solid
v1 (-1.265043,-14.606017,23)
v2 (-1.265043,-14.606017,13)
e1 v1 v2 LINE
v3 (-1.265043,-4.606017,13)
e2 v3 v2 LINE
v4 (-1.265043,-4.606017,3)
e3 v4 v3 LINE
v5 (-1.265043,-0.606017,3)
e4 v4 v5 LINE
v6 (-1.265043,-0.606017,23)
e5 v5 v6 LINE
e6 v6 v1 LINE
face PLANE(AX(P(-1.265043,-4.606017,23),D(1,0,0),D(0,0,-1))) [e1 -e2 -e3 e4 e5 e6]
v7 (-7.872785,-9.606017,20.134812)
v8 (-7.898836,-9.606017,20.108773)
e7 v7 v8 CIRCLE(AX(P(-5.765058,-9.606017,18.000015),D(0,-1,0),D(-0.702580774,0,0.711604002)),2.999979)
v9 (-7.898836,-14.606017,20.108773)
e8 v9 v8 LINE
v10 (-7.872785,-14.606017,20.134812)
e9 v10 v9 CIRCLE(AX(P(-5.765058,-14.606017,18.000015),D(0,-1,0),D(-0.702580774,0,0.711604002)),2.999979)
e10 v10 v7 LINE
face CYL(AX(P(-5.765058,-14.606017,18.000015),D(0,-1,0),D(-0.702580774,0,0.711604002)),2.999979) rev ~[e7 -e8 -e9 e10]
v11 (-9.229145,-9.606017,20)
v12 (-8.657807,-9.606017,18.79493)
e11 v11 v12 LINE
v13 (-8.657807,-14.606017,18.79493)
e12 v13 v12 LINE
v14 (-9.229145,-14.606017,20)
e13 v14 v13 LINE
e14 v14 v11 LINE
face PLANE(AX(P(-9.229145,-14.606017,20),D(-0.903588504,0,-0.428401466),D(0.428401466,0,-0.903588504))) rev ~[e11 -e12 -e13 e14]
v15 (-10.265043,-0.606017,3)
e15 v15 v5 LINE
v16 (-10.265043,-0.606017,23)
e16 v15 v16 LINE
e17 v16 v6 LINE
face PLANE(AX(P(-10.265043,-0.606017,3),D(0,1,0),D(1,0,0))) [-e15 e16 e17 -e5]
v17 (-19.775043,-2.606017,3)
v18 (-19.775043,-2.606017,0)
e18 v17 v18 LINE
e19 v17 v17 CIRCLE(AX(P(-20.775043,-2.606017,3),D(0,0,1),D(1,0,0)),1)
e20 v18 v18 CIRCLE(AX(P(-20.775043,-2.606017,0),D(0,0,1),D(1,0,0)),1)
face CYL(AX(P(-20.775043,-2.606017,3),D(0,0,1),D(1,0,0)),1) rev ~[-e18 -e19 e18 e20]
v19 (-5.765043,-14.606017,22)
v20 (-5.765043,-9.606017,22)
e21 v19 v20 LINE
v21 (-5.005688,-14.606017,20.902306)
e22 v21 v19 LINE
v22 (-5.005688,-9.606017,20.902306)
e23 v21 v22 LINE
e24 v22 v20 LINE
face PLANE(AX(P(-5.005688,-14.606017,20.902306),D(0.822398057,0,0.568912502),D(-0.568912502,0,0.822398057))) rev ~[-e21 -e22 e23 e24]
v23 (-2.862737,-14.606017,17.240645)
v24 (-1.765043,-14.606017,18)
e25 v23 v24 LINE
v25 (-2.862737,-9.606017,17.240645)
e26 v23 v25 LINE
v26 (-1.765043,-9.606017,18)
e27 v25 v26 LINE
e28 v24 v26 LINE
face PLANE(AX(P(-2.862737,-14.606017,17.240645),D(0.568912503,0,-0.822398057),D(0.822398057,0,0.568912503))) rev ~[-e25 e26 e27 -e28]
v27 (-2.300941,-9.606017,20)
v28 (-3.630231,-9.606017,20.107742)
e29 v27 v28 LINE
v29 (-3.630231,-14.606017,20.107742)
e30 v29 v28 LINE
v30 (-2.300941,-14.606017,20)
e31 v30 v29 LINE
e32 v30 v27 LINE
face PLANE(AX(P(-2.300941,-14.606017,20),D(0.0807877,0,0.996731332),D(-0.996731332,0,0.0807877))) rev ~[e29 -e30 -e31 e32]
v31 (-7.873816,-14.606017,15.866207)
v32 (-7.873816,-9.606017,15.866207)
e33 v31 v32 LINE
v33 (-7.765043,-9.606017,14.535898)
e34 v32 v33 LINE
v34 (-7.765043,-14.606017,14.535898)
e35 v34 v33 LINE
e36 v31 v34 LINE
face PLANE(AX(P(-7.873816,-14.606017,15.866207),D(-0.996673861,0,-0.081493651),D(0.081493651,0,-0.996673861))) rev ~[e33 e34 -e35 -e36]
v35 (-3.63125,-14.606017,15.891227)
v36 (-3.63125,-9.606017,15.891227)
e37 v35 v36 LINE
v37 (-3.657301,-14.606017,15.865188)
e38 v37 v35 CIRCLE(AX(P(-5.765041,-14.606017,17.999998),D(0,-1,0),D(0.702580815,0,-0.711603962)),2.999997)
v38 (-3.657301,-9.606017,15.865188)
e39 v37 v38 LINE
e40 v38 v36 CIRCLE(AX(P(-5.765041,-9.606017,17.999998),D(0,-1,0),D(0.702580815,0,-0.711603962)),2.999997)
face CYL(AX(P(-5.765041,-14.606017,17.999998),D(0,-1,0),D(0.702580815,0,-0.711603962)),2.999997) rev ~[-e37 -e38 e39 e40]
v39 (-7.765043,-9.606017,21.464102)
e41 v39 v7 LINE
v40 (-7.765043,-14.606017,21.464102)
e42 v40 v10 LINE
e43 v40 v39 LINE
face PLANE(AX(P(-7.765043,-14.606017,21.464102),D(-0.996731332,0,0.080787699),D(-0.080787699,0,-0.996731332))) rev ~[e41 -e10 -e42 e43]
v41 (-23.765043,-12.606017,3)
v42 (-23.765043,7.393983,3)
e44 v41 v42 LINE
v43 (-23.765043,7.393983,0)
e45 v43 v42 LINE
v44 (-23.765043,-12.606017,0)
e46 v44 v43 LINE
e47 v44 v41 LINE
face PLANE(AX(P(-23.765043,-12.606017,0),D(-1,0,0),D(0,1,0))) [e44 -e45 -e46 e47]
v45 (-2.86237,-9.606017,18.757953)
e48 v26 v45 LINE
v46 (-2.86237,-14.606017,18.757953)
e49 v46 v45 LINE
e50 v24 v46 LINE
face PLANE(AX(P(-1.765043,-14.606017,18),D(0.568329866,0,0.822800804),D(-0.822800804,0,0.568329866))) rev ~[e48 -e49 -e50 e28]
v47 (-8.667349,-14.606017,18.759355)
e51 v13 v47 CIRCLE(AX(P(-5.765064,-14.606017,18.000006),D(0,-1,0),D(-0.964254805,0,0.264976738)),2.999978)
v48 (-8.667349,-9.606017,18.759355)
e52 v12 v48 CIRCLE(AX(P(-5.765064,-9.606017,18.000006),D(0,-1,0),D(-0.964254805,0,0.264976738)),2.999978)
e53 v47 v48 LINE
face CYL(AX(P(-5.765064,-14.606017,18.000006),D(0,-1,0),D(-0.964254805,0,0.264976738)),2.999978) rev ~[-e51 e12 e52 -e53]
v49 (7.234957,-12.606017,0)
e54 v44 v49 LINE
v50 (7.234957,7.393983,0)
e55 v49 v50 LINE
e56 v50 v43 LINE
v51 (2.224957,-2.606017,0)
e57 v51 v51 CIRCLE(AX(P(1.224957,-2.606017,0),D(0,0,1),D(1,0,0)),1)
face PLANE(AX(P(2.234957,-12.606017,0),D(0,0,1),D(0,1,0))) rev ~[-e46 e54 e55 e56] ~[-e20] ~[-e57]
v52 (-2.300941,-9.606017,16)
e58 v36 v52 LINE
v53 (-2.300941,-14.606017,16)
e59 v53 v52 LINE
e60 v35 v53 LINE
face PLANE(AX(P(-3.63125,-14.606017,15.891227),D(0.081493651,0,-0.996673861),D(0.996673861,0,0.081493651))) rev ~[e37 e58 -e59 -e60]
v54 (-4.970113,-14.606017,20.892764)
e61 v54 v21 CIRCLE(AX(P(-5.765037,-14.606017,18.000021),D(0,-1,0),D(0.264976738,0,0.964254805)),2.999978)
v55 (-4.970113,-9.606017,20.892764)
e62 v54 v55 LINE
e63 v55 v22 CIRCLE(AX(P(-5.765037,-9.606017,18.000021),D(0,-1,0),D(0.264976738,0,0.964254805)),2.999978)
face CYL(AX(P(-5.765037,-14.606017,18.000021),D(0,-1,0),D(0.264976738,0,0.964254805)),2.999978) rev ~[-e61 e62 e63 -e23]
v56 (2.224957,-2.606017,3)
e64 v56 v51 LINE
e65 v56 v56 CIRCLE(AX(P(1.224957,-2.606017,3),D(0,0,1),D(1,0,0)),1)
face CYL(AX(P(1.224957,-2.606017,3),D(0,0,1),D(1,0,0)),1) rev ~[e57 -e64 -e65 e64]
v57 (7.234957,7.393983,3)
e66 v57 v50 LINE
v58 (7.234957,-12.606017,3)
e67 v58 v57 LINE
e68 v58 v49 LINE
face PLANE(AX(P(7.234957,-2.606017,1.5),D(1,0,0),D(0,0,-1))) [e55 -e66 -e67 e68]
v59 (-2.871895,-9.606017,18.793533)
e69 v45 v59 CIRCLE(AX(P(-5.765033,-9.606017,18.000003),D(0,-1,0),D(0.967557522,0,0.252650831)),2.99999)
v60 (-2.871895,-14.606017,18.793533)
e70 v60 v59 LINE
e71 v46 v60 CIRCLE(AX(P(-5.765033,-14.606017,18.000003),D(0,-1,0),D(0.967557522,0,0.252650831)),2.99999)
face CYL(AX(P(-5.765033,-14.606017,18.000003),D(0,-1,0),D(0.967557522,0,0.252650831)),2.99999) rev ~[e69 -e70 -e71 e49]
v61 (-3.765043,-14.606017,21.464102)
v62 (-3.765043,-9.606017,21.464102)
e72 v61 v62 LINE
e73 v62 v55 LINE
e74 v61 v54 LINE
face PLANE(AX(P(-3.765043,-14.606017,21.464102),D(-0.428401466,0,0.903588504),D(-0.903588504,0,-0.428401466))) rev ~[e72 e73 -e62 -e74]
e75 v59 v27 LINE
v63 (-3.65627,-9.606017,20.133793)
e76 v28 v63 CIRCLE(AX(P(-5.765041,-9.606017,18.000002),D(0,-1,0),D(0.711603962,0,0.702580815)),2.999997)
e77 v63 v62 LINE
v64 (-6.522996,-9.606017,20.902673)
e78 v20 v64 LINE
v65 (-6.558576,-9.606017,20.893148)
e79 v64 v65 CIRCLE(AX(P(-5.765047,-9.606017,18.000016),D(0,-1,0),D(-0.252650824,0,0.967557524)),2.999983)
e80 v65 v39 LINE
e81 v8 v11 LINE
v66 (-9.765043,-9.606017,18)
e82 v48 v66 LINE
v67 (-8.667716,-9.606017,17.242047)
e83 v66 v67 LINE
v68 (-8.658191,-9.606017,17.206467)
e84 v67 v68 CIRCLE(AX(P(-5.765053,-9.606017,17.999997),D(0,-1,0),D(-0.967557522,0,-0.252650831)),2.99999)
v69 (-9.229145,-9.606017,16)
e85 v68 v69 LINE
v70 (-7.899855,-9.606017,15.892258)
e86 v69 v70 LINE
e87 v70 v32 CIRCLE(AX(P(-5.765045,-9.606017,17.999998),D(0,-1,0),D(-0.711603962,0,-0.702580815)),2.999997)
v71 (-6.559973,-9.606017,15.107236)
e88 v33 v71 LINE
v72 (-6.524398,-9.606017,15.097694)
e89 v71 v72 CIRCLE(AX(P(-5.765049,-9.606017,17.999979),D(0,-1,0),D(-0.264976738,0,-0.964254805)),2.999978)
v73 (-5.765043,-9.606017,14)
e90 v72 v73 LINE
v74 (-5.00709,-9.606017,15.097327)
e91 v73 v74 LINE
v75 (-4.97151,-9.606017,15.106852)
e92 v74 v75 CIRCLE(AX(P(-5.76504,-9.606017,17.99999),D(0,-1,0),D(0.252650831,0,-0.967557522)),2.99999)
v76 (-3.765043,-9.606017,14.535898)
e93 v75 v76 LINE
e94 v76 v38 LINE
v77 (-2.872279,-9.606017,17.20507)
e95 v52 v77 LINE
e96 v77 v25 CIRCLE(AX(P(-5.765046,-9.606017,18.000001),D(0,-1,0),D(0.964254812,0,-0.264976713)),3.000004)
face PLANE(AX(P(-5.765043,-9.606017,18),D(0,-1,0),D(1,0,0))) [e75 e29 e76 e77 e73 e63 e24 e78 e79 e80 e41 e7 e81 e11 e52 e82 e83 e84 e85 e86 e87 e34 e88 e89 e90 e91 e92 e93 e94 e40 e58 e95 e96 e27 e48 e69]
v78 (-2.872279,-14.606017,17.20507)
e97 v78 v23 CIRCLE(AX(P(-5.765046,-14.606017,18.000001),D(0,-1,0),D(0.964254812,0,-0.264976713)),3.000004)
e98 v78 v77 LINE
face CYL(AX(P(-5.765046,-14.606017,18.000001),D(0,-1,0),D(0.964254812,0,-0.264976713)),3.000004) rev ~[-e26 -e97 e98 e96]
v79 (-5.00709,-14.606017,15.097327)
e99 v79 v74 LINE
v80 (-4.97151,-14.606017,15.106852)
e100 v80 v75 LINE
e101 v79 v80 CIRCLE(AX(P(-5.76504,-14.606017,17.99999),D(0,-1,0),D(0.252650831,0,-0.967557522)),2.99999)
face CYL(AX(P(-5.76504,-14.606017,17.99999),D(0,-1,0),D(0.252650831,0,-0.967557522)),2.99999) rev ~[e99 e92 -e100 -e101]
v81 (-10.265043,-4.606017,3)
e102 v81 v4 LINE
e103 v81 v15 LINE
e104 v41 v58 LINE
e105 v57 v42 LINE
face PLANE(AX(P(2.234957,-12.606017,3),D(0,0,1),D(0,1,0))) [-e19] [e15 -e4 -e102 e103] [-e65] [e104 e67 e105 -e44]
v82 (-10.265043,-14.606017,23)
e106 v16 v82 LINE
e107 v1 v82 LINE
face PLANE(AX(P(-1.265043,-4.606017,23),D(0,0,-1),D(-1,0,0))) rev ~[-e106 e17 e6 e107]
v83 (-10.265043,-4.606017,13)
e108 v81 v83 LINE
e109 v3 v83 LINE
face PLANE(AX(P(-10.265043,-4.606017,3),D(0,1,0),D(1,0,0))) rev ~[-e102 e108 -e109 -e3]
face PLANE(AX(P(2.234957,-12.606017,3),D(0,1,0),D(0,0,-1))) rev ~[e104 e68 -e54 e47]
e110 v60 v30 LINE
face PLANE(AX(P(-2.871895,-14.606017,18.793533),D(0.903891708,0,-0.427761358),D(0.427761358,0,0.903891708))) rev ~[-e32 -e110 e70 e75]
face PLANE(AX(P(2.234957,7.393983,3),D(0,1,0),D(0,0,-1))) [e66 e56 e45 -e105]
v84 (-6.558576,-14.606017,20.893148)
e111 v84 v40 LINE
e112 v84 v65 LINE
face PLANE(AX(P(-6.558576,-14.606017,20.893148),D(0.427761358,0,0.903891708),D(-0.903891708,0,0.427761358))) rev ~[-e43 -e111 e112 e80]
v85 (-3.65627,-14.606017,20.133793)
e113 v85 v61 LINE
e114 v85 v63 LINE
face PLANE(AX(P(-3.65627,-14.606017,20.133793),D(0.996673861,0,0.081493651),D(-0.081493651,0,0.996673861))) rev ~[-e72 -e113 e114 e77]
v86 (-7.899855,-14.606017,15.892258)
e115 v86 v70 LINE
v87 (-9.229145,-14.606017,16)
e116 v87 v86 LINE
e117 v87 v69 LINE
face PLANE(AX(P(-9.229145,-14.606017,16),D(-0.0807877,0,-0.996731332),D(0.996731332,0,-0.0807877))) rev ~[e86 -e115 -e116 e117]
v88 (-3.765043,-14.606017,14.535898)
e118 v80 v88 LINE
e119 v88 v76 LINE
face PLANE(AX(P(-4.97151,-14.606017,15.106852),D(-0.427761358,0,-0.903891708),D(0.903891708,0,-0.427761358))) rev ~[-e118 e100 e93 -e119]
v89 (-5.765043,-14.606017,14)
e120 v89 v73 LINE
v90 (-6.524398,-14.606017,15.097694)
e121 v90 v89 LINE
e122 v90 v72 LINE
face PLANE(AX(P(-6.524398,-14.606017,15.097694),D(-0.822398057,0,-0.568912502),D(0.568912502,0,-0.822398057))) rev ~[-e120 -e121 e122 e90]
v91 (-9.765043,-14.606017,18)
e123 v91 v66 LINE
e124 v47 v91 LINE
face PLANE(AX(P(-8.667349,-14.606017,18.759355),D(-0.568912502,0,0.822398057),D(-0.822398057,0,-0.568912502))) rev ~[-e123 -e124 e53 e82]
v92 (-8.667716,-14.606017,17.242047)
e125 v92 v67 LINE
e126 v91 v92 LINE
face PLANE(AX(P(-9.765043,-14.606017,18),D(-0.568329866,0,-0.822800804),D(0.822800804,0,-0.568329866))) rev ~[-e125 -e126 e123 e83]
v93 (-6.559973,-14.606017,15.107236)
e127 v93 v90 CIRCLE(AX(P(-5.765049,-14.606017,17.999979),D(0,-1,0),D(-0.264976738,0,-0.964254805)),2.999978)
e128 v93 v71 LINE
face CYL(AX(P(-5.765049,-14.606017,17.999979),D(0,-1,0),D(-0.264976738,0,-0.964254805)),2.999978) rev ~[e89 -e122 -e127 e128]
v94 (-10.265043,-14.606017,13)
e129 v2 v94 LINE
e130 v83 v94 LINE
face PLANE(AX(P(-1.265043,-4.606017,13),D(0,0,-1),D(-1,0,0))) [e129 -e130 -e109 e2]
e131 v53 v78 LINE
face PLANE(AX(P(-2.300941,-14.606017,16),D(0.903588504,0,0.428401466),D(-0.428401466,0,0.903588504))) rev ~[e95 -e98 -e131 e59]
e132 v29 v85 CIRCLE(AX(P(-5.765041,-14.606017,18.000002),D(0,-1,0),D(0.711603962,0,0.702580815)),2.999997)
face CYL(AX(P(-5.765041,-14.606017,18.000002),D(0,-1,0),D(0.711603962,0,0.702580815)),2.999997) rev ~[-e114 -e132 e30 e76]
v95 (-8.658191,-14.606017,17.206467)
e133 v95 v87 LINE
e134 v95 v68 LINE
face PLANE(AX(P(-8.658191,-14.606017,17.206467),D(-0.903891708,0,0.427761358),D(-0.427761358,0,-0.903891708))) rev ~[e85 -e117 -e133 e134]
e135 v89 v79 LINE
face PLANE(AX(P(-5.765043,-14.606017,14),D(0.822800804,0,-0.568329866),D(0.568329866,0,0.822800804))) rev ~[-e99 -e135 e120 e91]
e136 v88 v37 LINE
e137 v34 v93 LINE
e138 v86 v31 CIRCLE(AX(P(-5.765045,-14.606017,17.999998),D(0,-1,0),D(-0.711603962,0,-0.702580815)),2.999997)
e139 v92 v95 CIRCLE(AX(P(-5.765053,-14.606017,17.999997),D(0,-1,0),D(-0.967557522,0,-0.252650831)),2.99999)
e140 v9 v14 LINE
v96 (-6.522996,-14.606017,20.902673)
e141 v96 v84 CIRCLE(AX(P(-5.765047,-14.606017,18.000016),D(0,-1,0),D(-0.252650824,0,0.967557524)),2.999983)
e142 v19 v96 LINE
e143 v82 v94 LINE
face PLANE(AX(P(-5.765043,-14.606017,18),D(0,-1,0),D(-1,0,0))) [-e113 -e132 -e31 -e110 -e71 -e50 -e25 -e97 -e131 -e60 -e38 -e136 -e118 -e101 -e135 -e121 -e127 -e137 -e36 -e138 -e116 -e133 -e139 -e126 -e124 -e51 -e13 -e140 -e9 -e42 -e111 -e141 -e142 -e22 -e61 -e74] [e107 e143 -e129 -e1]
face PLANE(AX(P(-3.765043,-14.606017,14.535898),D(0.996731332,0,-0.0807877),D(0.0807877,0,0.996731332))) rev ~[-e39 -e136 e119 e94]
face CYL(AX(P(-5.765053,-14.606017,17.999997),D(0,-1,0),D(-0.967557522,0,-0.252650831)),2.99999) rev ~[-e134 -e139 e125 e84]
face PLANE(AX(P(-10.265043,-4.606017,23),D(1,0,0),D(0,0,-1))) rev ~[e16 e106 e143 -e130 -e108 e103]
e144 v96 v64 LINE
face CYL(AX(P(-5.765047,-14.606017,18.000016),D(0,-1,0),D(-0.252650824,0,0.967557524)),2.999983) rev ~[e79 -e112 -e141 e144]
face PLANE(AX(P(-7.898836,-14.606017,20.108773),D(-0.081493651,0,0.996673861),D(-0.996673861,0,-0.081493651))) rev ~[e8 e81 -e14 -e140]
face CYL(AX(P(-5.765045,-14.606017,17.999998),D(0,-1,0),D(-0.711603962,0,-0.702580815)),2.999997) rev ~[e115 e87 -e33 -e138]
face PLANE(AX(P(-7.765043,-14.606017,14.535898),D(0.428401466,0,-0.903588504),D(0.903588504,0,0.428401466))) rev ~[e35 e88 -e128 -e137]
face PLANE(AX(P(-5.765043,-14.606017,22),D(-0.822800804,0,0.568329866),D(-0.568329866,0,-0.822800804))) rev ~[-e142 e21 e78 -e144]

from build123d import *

# Parameters (mm, degrees)
ESQUISSE1_W             = 26
ESQUISSE1_H             = 20
BOSS_EXTRU_1_DEPTH      = 3
ESQUISSE2_R             = 1
ENL_V_MAT_EXTRU_1_DEPTH = 10
ESQUISSE3_W             = 9
ESQUISSE3_H             = 4
BOSS_EXTRU_2_DEPTH      = 20
ESQUISSE10_W            = 9
ESQUISSE10_H            = 10
BOSS_EXTRU_3_DEPTH      = 10
ENL_V_MAT_EXTRU_9_DEPTH = 5
ESQUISSE13_W            = 3
ESQUISSE13_H            = 20
BOSS_EXTRU_4_DEPTH      = 5


with BuildPart() as part:
    # Esquisse1 → Boss.-Extru.1 (new body)
    with BuildSketch(Plane.XY):
        with Locations((-10.76504298, -2.606017192)):
            Rectangle(ESQUISSE1_W, ESQUISSE1_H)
    extrude(amount=BOSS_EXTRU_1_DEPTH)

    # Esquisse2 → Enlèv. mat.-Extru.1 (cut)
    with BuildSketch(Plane.XY.offset(3)):
        with Locations((-20.77504298, -2.606017192)):
            Circle(ESQUISSE2_R)
        with Locations((1.22495702, -2.606017192)):
            Circle(ESQUISSE2_R)
    extrude(amount=-ENL_V_MAT_EXTRU_1_DEPTH, mode=Mode.SUBTRACT)

    # Esquisse3 → Boss.-Extru.2 (add)
    with BuildSketch(Plane.XY.offset(3)):
        with Locations((-5.76504298, -2.606017192)):
            Rectangle(ESQUISSE3_W, ESQUISSE3_H)
    extrude(amount=BOSS_EXTRU_2_DEPTH)

    # Esquisse10 → Boss.-Extru.3 (add)
    with BuildSketch(Plane(origin=(0, -4.606017192, 0), x_dir=(-1, 0, 0), z_dir=(0, -1, 0))):
        with Locations((5.76504298, -18)):
            Rectangle(ESQUISSE10_W, ESQUISSE10_H)
    extrude(amount=BOSS_EXTRU_3_DEPTH)

    # Esquisse12 → Enlèv. mat.-Extru.9 (cut)
    with BuildSketch(Plane.XZ.offset(14.606017192)):
        with BuildLine():
            Line((-1.76504298, 18), (-2.862370428, 18.757952542))
            ThreePointArc((-2.862370428, 18.757952542), (-2.867078041, 18.775757187), (-2.871894865, 18.793532598))
            Line((-2.871894865, 18.793532598), (-2.300941365, 20))
            Line((-2.300941365, 20), (-3.630231082, 20.107742433))
            ThreePointArc((-3.630231082, 20.107742433), (-3.643210317, 20.120807901), (-3.656269514, 20.133793446))
            Line((-3.656269514, 20.133793446), (-3.76504298, 21.464101615))
            Line((-3.76504298, 21.464101615), (-4.970112861, 20.89276444))
            ThreePointArc((-4.970112861, 20.89276444), (-4.987885942, 20.89758985), (-5.005688311, 20.902306063))
            Line((-5.005688311, 20.902306063), (-5.76504298, 22))
            Line((-5.76504298, 22), (-6.522995522, 20.902672552))
            ThreePointArc((-6.522995522, 20.902672552), (-6.540800167, 20.897964939), (-6.558575577, 20.893148115))
            Line((-6.558575577, 20.893148115), (-7.76504298, 21.464101615))
            Line((-7.76504298, 21.464101615), (-7.872785412, 20.134811898))
            ThreePointArc((-7.872785412, 20.134811898), (-7.885850881, 20.121832663), (-7.898836426, 20.108773466))
            Line((-7.898836426, 20.108773466), (-9.229144595, 20))
            Line((-9.229144595, 20), (-8.65780742, 18.794930119))
            ThreePointArc((-8.65780742, 18.794930119), (-8.66263283, 18.777157038), (-8.667349043, 18.759354669))
            Line((-8.667349043, 18.759354669), (-9.76504298, 18))
            Line((-9.76504298, 18), (-8.667715532, 17.242047458))
            ThreePointArc((-8.667715532, 17.242047458), (-8.663007919, 17.224242813), (-8.658191095, 17.206467402))
            Line((-8.658191095, 17.206467402), (-9.229144595, 16))
            Line((-9.229144595, 16), (-7.899854878, 15.892257567))
            ThreePointArc((-7.899854878, 15.892257567), (-7.886875643, 15.879192099), (-7.873816446, 15.866206554))
            Line((-7.873816446, 15.866206554), (-7.76504298, 14.535898385))
            Line((-7.76504298, 14.535898385), (-6.559973099, 15.10723556))
            ThreePointArc((-6.559973099, 15.10723556), (-6.542200018, 15.10241015), (-6.524397649, 15.097693937))
            Line((-6.524397649, 15.097693937), (-5.76504298, 14))
            Line((-5.76504298, 14), (-5.007090438, 15.097327448))
            ThreePointArc((-5.007090438, 15.097327448), (-4.989285793, 15.102035061), (-4.971510382, 15.106851885))
            Line((-4.971510382, 15.106851885), (-3.76504298, 14.535898385))
            Line((-3.76504298, 14.535898385), (-3.657300547, 15.865188102))
            ThreePointArc((-3.657300547, 15.865188102), (-3.644235079, 15.878167337), (-3.631249534, 15.891226534))
            Line((-3.631249534, 15.891226534), (-2.300941365, 16))
            Line((-2.300941365, 16), (-2.87227854, 17.205069881))
            ThreePointArc((-2.87227854, 17.205069881), (-2.86745313, 17.222842962), (-2.862736916, 17.240645331))
            Line((-2.862736916, 17.240645331), (-1.76504298, 18))
        make_face()
    extrude(amount=-ENL_V_MAT_EXTRU_9_DEPTH, mode=Mode.SUBTRACT)

    # Esquisse13 → Boss.-Extru.4 (add)
    with BuildSketch(Plane(origin=(2.23495702, 0, 0), x_dir=(0, 0, -1), z_dir=(1, 0, 0))):
        with Locations((-1.5, -2.606017192)):
            Rectangle(ESQUISSE13_W, ESQUISSE13_H)
    extrude(amount=BOSS_EXTRU_4_DEPTH)


solid = part.part
